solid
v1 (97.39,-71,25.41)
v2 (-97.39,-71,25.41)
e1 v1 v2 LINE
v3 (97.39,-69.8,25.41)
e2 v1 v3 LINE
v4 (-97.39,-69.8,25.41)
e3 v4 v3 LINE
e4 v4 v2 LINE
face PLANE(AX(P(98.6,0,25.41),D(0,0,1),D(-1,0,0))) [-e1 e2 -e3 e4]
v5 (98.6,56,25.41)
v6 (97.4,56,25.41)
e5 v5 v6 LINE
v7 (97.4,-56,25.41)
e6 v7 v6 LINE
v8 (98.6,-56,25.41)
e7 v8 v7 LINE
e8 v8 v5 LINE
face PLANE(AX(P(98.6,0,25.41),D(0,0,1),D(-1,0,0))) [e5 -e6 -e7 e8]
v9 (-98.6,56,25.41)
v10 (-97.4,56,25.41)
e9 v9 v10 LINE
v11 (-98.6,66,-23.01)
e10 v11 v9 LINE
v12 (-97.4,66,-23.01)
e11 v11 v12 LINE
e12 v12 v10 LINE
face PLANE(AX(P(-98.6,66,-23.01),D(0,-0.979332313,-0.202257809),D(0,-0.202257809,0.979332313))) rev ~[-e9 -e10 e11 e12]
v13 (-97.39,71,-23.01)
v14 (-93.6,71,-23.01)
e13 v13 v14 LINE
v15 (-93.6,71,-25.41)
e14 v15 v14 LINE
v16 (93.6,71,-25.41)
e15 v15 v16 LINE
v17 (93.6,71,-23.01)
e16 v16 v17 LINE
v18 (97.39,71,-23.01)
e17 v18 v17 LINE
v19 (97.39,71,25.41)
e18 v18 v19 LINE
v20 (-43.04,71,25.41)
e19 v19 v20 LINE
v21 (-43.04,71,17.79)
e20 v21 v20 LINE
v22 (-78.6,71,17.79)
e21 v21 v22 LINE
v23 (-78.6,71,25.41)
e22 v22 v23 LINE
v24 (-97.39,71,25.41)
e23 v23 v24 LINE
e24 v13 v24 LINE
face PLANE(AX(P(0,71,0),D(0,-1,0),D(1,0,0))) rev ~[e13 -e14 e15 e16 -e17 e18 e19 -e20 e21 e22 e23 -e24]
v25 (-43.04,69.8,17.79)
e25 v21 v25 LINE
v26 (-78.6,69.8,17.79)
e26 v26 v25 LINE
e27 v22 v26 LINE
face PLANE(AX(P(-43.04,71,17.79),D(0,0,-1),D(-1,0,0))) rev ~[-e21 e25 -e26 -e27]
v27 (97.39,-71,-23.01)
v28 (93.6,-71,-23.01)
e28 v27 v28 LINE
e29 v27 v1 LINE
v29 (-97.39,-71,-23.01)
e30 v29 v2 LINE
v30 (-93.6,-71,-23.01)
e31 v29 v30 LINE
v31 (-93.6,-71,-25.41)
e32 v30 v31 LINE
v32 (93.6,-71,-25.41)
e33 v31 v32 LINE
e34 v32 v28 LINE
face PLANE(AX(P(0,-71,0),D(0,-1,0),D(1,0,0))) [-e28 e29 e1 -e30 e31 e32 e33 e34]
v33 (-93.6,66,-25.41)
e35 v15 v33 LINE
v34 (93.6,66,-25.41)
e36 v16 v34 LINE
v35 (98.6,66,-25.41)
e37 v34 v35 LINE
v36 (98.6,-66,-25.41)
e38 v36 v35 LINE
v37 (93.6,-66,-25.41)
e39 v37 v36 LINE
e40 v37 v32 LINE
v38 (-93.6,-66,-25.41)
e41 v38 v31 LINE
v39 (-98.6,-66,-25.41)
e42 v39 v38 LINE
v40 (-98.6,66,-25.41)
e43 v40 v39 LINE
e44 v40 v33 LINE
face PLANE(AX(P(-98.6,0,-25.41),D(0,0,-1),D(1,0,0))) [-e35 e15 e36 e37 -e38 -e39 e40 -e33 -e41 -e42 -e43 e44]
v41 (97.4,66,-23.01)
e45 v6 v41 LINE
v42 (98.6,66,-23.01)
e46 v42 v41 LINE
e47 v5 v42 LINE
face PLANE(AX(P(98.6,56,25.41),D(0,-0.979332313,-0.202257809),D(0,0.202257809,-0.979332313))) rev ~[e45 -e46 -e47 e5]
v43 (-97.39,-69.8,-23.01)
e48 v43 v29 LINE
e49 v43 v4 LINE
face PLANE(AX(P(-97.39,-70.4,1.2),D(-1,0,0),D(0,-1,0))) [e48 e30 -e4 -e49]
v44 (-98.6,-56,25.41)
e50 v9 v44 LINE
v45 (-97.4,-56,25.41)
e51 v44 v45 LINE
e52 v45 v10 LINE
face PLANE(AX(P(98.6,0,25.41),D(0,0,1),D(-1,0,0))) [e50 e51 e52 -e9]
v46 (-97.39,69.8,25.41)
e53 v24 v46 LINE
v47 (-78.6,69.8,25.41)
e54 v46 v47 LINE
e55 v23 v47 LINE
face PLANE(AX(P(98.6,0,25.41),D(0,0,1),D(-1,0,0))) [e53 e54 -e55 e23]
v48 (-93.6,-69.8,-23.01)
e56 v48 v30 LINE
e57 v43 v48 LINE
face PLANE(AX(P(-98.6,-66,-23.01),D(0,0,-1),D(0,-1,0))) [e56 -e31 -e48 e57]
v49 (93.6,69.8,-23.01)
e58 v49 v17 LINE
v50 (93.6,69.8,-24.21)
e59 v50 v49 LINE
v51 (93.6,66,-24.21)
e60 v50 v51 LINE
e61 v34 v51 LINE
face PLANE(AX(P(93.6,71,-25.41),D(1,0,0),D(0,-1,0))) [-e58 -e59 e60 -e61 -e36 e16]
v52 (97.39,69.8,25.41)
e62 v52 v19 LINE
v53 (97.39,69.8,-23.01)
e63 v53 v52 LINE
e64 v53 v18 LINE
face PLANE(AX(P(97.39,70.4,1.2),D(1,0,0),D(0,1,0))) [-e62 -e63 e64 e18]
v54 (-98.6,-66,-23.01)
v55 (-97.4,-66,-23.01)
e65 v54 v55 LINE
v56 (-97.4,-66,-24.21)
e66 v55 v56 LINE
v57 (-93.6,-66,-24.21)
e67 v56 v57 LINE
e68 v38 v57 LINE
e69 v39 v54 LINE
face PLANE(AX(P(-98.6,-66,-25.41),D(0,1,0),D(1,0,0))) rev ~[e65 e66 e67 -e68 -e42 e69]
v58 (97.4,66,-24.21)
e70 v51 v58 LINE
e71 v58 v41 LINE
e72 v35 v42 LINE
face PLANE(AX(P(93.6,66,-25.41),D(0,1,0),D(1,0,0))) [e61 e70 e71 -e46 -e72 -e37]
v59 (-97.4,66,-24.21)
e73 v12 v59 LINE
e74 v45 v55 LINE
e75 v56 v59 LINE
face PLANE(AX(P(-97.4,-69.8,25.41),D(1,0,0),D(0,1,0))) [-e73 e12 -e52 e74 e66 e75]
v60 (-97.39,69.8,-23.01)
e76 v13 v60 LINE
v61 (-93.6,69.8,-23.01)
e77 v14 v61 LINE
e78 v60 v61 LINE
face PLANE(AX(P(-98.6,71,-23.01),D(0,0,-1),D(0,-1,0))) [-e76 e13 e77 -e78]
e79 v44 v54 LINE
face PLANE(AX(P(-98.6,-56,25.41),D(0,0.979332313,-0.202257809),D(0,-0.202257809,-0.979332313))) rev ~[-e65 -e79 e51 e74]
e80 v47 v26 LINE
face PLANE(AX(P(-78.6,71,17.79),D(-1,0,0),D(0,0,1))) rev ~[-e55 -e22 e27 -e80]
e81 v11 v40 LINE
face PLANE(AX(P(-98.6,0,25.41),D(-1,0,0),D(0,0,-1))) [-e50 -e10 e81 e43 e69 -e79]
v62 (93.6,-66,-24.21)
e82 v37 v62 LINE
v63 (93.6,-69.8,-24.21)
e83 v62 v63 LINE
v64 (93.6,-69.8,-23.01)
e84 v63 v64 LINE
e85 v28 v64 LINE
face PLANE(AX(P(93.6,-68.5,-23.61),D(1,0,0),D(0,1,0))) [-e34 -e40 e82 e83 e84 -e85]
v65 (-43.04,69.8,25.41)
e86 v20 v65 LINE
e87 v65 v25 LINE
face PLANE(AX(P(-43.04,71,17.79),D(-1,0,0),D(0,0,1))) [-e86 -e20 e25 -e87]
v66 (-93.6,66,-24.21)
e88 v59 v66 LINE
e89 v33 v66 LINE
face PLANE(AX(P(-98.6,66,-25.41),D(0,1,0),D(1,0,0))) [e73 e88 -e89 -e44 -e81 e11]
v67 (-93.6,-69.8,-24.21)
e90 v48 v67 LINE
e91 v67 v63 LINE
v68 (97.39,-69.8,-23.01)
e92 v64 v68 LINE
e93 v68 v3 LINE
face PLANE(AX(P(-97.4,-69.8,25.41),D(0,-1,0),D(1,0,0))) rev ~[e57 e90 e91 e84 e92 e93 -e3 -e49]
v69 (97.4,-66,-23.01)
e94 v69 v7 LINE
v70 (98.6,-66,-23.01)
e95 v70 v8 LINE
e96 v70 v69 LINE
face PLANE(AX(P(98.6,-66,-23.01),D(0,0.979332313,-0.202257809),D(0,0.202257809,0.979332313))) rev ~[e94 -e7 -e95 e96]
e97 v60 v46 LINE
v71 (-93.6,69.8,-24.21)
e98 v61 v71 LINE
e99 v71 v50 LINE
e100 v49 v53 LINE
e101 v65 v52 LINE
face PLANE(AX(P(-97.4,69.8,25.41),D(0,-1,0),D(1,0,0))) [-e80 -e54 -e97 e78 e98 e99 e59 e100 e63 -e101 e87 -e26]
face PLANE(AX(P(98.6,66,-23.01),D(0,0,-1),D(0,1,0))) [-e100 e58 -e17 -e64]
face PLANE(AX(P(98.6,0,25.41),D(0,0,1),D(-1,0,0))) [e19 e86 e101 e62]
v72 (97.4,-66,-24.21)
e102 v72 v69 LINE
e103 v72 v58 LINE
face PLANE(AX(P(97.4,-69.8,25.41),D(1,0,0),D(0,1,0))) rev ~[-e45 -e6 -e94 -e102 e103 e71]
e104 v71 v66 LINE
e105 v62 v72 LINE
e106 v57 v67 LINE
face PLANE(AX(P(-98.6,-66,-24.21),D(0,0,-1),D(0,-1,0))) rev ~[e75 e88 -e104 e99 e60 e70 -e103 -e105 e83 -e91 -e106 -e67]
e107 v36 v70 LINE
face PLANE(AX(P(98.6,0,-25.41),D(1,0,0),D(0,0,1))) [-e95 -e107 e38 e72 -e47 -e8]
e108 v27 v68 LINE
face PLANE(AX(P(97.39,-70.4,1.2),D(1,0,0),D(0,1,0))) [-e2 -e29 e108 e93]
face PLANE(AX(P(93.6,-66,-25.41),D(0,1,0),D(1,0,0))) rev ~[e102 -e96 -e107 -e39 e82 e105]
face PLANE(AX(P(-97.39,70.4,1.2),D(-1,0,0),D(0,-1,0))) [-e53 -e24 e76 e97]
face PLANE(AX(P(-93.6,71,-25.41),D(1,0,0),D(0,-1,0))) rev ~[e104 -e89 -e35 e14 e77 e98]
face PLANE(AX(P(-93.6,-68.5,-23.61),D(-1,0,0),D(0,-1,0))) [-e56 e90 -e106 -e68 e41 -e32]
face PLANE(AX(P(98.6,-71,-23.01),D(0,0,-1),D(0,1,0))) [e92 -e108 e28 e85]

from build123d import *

# Parameters (mm, degrees)
F1_DEPTH      = 71
F1_DEPTH_BACK = 71
F2_W          = 194.8
F2_H          = 139.6
F3_DEPTH      = 49.62
F4_W          = 35.56
F4_H          = 7.62
F5_DEPTH      = 25
F6_W          = 5
F6_H          = 1.2
F7_DEPTH      = 5
F8_W          = 1.2
F8_H          = 48.42
F9_DEPTH      = 1.21
F10_W         = 5
F10_H         = 1.2
F11_DEPTH     = 5
F12_W         = 1.2
F12_H         = 48.42
F13_DEPTH     = 1.21
F15_DEPTH     = 1.2
F17_DEPTH     = 1.2
F18_W         = 5
F18_H         = 5
F19_DEPTH     = 1.2


with BuildPart() as f1:
    # F0 (on Front) → F1 (new body, two sides)
    with BuildSketch(Plane.XZ) as f1_sk:
        Polygon((98.6, 25.41), (0, 25.41), (-98.6, 25.41), (-98.6, -25.41), (0, -25.41), (98.6, -25.41), align=None)
    extrude(amount=F1_DEPTH)
    extrude(f1_sk.sketch, amount=-F1_DEPTH_BACK)

    # F2 (on face) → F3 (cut)
    with BuildSketch(Plane.XY.offset(25.41)):
        Rectangle(F2_W, F2_H)
    extrude(amount=-F3_DEPTH, mode=Mode.SUBTRACT)

    # F4 (on face) → F5 (cut)
    with BuildSketch(Plane(origin=(0, 71, 0), x_dir=(-1, 0, 0), z_dir=(0, 1, 0))):
        with Locations((60.82, 21.6)):
            Rectangle(F4_W, F4_H)
    extrude(amount=-F5_DEPTH, mode=Mode.SUBTRACT)

    # F6 (on face) → F7 (cut)
    with BuildSketch(Plane(origin=(-98.6, 0, 0), x_dir=(0, -1, 0), z_dir=(-1, 0, 0))):
        with Locations((-68.5, -23.61)):
            Rectangle(F6_W, F6_H)
        with Locations((68.5, -23.61)):
            Rectangle(F6_W, F6_H)
    extrude(amount=-F7_DEPTH, mode=Mode.SUBTRACT)

    # F8 (on face) → F9 (cut)
    with BuildSketch(Plane(origin=(-98.6, 0, 0), x_dir=(0, -1, 0), z_dir=(-1, 0, 0))):
        with Locations((-70.4, 1.2)):
            Rectangle(F8_W, F8_H)
        with Locations((70.4, 1.2)):
            Rectangle(F8_W, F8_H)
    extrude(amount=-F9_DEPTH, mode=Mode.SUBTRACT)

    # F10 (on face) → F11 (cut)
    with BuildSketch(Plane.YZ.offset(98.6)):
        with Locations((68.5, -23.61)):
            Rectangle(F10_W, F10_H)
        with Locations((-68.5, -23.61)):
            Rectangle(F10_W, F10_H)
    extrude(amount=-F11_DEPTH, mode=Mode.SUBTRACT)

    # F12 (on face) → F13 (cut)
    with BuildSketch(Plane.YZ.offset(98.6)):
        with Locations((-70.4, 1.2)):
            Rectangle(F12_W, F12_H)
        with Locations((70.4, 1.2)):
            Rectangle(F12_W, F12_H)
    extrude(amount=-F13_DEPTH, mode=Mode.SUBTRACT)

    # F14 (on face) → F15 (cut, through all)
    with BuildSketch(Plane(origin=(-98.6, 0, 0), x_dir=(0, -1, 0), z_dir=(-1, 0, 0))):
        Polygon((-56, 25.41), (-66, 25.41), (-69.8, 25.41), (-69.8, -23.01), (-66, -23.01), align=None)
        Polygon((69.8, 25.41), (66, 25.41), (56, 25.41), (66, -23.01), (69.8, -23.01), align=None)
    extrude(amount=-F15_DEPTH, mode=Mode.SUBTRACT)

    # F16 (on face) → F17 (cut, through all)
    with BuildSketch(Plane.YZ.offset(98.6)):
        Polygon((-56, 25.41), (-66, 25.41), (-69.8, 25.41), (-69.8, -23.01), (-66, -23.01), align=None)
        Polygon((66, -23.01), (69.8, -23.01), (69.8, 25.41), (56, 25.41), align=None)
    extrude(amount=-F17_DEPTH, mode=Mode.SUBTRACT)

    # F18 (on face) → F19 (cut, through all)
    with BuildSketch(Plane(origin=(0, 0, -25.41), x_dir=(1, 0, 0), z_dir=(0, 0, -1))):
        with Locations((-96.1, -68.5)):
            Rectangle(F18_W, F18_H)
        with Locations((96.1, -68.5)):
            Rectangle(F18_W, F18_H)
        with Locations((96.1, 68.5)):
            Rectangle(F18_W, F18_H)
        with Locations((-96.1, 68.5)):
            Rectangle(F18_W, F18_H)
    extrude(amount=-F19_DEPTH, mode=Mode.SUBTRACT)


solid = f1.part
